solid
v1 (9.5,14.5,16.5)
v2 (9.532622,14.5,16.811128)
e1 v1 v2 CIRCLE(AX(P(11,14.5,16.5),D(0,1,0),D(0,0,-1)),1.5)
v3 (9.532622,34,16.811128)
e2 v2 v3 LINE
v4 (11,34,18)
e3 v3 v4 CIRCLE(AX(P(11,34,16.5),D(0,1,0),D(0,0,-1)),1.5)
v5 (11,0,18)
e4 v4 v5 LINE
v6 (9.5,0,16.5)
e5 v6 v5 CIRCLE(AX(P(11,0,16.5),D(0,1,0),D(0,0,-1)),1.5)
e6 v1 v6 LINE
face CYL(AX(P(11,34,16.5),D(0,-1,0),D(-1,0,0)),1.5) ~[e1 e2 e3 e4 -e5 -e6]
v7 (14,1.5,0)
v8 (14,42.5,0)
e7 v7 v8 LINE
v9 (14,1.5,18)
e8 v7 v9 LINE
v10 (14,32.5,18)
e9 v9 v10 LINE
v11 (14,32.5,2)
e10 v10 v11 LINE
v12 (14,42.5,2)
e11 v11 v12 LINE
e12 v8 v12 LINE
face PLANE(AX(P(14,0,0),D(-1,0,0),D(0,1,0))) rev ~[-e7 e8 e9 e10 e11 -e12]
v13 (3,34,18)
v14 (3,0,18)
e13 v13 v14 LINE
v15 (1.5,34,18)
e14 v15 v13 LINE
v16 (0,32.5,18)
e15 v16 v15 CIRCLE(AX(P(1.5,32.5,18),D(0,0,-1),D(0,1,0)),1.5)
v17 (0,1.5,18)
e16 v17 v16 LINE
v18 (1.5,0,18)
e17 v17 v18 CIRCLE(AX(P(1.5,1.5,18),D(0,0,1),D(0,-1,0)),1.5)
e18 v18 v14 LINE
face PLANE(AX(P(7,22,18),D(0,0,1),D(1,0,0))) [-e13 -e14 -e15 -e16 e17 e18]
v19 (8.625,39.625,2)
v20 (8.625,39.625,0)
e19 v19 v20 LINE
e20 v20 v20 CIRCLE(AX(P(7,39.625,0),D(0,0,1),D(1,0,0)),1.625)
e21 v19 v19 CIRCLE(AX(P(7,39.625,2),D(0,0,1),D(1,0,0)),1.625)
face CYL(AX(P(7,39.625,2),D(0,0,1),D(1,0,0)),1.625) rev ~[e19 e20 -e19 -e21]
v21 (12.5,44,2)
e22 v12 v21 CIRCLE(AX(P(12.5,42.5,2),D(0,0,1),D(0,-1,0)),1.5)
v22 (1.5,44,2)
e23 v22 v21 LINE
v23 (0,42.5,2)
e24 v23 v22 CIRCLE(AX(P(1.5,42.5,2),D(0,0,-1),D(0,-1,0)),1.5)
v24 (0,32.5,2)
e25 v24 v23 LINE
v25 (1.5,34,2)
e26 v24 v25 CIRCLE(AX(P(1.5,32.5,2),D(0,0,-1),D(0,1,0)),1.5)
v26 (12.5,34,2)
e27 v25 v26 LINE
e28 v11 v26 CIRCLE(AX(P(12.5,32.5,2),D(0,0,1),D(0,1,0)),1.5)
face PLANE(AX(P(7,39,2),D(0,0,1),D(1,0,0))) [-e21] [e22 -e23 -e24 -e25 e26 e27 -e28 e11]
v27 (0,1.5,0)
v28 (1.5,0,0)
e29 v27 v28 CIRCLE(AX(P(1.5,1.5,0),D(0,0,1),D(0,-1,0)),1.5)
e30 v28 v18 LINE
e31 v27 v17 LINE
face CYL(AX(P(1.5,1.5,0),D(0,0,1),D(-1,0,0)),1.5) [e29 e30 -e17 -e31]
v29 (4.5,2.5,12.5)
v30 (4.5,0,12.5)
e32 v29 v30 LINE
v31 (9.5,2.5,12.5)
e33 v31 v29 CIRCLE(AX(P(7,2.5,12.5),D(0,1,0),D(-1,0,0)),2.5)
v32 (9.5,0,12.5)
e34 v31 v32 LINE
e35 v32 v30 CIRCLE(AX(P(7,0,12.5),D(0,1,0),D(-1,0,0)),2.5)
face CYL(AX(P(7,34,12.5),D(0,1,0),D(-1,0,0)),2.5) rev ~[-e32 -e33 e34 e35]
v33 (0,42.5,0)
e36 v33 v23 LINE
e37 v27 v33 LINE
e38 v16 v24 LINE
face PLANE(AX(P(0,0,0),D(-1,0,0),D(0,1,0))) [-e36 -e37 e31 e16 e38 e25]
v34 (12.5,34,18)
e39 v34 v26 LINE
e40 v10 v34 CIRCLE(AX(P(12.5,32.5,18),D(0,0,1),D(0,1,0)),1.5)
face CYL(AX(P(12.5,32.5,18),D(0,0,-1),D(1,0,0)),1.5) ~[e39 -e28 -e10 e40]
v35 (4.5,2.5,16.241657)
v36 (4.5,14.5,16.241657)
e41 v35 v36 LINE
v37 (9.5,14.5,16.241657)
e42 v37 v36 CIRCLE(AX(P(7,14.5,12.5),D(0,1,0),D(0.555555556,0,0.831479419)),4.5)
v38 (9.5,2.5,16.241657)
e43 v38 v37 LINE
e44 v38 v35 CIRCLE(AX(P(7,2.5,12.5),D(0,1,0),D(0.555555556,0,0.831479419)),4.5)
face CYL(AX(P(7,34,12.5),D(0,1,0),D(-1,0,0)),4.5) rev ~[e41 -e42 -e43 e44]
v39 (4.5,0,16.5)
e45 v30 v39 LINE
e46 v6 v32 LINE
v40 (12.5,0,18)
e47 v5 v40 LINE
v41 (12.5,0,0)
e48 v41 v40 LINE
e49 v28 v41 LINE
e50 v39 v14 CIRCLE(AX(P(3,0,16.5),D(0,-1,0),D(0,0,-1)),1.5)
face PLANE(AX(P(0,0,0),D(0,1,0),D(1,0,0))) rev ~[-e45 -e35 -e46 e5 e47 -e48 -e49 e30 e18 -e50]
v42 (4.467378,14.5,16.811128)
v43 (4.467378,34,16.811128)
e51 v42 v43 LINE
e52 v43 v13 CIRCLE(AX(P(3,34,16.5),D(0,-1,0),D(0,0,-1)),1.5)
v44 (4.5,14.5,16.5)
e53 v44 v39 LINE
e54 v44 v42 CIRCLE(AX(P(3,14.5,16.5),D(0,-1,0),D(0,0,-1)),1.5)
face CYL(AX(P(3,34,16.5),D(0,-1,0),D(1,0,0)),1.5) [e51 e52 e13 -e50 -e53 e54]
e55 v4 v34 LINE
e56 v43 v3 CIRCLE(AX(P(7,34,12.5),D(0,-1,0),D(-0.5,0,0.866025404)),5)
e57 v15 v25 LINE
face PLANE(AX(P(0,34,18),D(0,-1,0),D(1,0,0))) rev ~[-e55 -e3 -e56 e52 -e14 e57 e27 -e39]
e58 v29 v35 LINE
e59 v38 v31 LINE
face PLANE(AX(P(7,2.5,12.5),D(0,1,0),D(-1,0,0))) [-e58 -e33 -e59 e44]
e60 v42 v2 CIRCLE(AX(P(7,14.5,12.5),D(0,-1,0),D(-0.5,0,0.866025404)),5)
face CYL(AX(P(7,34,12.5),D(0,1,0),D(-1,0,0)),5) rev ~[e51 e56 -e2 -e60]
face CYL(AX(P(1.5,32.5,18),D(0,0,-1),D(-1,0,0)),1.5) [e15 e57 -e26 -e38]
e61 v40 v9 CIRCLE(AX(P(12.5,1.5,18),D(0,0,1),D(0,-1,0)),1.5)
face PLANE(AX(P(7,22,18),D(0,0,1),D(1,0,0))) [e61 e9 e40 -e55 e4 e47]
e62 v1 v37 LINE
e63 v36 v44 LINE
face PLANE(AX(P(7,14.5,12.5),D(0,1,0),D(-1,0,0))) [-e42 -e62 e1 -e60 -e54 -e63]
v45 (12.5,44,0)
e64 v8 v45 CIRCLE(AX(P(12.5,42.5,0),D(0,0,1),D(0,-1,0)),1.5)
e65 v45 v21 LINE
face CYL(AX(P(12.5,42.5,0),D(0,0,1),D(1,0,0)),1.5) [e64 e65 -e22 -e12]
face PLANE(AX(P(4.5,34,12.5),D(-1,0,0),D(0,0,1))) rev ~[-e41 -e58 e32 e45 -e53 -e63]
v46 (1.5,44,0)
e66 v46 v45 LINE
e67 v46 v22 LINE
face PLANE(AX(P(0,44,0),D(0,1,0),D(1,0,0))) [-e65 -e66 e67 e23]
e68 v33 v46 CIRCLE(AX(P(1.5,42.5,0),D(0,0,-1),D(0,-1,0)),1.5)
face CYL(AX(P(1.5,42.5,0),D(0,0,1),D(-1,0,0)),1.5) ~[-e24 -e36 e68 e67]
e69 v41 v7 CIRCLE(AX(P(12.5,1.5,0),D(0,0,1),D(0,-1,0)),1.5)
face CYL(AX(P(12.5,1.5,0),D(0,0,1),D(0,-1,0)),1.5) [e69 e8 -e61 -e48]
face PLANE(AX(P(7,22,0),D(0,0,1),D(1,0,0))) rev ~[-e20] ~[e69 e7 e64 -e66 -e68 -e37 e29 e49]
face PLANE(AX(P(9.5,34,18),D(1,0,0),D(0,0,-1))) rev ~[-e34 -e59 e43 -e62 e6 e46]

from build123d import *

# Parameters (mm, degrees)
F0_W      = 14
F0_H      = 44
F1_DEPTH  = 18
F2_W      = 14
F2_H      = 10
F3_DEPTH  = 16
F4_R      = 1.625
F5_DEPTH  = 2
F6_R      = 2.5
F7_DEPTH  = 34
F6_R_2    = 4.5
F8_DEPTH  = 31.5
F6_R_3    = 5
F9_DEPTH  = 19.5
F11_DEPTH = 34
F12_R     = 1.5


with BuildPart() as f1:
    # F0 (on Top) → F1 (new body)
    with BuildSketch(Plane.XY):
        with Locations((7, 22)):
            Rectangle(F0_W, F0_H)
    extrude(amount=F1_DEPTH)

    # F2 (on face) → F3 (cut)
    with BuildSketch(Plane.XY.offset(18)):
        with Locations((7, 39)):
            Rectangle(F2_W, F2_H)
    extrude(amount=-F3_DEPTH, mode=Mode.SUBTRACT)

    # F4 (on face) → F5 (cut, through all)
    with BuildSketch(Plane.XY.offset(2)):
        with Locations((7, 39.625)):
            Circle(F4_R)
    extrude(amount=-F5_DEPTH, mode=Mode.SUBTRACT)

    # F6 (on face) → F7 (cut, through all)
    with BuildSketch(Plane(origin=(0, 34, 0), x_dir=(-1, 0, 0), z_dir=(0, 1, 0))):
        with Locations((-7, 12.5)):
            Circle(F6_R)
    extrude(amount=-F7_DEPTH, mode=Mode.SUBTRACT)

    # F6 (on face) → F8 (cut)
    with BuildSketch(Plane(origin=(0, 34, 0), x_dir=(-1, 0, 0), z_dir=(0, 1, 0))):
        with Locations((-7, 12.5)):
            Circle(F6_R_2)
        with Locations((-7, 12.5)):
            Circle(F6_R, mode=Mode.SUBTRACT)
    extrude(amount=-F8_DEPTH, mode=Mode.SUBTRACT)

    # F6 (on face) → F9 (cut)
    with BuildSketch(Plane(origin=(0, 34, 0), x_dir=(-1, 0, 0), z_dir=(0, 1, 0))):
        with Locations((-7, 12.5)):
            Circle(F6_R_3)
        with Locations((-7, 12.5)):
            Circle(F6_R_2, mode=Mode.SUBTRACT)
    extrude(amount=-F9_DEPTH, mode=Mode.SUBTRACT)

    # F10 (on face) → F11 (cut, through all)
    with BuildSketch(Plane(origin=(0, 34, 0), x_dir=(-1, 0, 0), z_dir=(0, 1, 0))):
        with BuildLine():
            ThreePointArc((-4.5, 16.8301270189), (-7, 17.5), (-9.5, 16.8301270189))
            Line((-9.5, 16.8301270189), (-9.5, 12.5))
            ThreePointArc((-9.5, 12.5), (-7, 15), (-4.5, 12.5))
            Line((-4.5, 12.5), (-4.5, 16.8301270189))
        make_face()
        with BuildLine():
            Line((-4.5, 18), (-9.5, 18))
            Line((-9.5, 18), (-9.5, 16.8301270189))
            ThreePointArc((-9.5, 16.8301270189), (-7, 17.5), (-4.5, 16.8301270189))
            Line((-4.5, 16.8301270189), (-4.5, 18))
        make_face()
    extrude(amount=-F11_DEPTH, mode=Mode.SUBTRACT)

    # F12
    f12_edges = [f1.edges().sort_by_distance(p)[0] for p in [
        (0, 44, 1),
        (14, 44, 1),
        (4.5, 17, 18),
        (9.5, 17, 18),
        (14, 0, 9),
        (0, 0, 9),
        (0, 34, 10),
        (14, 34, 10),
    ]]
    fillet(f12_edges, radius=F12_R)


solid = f1.part
